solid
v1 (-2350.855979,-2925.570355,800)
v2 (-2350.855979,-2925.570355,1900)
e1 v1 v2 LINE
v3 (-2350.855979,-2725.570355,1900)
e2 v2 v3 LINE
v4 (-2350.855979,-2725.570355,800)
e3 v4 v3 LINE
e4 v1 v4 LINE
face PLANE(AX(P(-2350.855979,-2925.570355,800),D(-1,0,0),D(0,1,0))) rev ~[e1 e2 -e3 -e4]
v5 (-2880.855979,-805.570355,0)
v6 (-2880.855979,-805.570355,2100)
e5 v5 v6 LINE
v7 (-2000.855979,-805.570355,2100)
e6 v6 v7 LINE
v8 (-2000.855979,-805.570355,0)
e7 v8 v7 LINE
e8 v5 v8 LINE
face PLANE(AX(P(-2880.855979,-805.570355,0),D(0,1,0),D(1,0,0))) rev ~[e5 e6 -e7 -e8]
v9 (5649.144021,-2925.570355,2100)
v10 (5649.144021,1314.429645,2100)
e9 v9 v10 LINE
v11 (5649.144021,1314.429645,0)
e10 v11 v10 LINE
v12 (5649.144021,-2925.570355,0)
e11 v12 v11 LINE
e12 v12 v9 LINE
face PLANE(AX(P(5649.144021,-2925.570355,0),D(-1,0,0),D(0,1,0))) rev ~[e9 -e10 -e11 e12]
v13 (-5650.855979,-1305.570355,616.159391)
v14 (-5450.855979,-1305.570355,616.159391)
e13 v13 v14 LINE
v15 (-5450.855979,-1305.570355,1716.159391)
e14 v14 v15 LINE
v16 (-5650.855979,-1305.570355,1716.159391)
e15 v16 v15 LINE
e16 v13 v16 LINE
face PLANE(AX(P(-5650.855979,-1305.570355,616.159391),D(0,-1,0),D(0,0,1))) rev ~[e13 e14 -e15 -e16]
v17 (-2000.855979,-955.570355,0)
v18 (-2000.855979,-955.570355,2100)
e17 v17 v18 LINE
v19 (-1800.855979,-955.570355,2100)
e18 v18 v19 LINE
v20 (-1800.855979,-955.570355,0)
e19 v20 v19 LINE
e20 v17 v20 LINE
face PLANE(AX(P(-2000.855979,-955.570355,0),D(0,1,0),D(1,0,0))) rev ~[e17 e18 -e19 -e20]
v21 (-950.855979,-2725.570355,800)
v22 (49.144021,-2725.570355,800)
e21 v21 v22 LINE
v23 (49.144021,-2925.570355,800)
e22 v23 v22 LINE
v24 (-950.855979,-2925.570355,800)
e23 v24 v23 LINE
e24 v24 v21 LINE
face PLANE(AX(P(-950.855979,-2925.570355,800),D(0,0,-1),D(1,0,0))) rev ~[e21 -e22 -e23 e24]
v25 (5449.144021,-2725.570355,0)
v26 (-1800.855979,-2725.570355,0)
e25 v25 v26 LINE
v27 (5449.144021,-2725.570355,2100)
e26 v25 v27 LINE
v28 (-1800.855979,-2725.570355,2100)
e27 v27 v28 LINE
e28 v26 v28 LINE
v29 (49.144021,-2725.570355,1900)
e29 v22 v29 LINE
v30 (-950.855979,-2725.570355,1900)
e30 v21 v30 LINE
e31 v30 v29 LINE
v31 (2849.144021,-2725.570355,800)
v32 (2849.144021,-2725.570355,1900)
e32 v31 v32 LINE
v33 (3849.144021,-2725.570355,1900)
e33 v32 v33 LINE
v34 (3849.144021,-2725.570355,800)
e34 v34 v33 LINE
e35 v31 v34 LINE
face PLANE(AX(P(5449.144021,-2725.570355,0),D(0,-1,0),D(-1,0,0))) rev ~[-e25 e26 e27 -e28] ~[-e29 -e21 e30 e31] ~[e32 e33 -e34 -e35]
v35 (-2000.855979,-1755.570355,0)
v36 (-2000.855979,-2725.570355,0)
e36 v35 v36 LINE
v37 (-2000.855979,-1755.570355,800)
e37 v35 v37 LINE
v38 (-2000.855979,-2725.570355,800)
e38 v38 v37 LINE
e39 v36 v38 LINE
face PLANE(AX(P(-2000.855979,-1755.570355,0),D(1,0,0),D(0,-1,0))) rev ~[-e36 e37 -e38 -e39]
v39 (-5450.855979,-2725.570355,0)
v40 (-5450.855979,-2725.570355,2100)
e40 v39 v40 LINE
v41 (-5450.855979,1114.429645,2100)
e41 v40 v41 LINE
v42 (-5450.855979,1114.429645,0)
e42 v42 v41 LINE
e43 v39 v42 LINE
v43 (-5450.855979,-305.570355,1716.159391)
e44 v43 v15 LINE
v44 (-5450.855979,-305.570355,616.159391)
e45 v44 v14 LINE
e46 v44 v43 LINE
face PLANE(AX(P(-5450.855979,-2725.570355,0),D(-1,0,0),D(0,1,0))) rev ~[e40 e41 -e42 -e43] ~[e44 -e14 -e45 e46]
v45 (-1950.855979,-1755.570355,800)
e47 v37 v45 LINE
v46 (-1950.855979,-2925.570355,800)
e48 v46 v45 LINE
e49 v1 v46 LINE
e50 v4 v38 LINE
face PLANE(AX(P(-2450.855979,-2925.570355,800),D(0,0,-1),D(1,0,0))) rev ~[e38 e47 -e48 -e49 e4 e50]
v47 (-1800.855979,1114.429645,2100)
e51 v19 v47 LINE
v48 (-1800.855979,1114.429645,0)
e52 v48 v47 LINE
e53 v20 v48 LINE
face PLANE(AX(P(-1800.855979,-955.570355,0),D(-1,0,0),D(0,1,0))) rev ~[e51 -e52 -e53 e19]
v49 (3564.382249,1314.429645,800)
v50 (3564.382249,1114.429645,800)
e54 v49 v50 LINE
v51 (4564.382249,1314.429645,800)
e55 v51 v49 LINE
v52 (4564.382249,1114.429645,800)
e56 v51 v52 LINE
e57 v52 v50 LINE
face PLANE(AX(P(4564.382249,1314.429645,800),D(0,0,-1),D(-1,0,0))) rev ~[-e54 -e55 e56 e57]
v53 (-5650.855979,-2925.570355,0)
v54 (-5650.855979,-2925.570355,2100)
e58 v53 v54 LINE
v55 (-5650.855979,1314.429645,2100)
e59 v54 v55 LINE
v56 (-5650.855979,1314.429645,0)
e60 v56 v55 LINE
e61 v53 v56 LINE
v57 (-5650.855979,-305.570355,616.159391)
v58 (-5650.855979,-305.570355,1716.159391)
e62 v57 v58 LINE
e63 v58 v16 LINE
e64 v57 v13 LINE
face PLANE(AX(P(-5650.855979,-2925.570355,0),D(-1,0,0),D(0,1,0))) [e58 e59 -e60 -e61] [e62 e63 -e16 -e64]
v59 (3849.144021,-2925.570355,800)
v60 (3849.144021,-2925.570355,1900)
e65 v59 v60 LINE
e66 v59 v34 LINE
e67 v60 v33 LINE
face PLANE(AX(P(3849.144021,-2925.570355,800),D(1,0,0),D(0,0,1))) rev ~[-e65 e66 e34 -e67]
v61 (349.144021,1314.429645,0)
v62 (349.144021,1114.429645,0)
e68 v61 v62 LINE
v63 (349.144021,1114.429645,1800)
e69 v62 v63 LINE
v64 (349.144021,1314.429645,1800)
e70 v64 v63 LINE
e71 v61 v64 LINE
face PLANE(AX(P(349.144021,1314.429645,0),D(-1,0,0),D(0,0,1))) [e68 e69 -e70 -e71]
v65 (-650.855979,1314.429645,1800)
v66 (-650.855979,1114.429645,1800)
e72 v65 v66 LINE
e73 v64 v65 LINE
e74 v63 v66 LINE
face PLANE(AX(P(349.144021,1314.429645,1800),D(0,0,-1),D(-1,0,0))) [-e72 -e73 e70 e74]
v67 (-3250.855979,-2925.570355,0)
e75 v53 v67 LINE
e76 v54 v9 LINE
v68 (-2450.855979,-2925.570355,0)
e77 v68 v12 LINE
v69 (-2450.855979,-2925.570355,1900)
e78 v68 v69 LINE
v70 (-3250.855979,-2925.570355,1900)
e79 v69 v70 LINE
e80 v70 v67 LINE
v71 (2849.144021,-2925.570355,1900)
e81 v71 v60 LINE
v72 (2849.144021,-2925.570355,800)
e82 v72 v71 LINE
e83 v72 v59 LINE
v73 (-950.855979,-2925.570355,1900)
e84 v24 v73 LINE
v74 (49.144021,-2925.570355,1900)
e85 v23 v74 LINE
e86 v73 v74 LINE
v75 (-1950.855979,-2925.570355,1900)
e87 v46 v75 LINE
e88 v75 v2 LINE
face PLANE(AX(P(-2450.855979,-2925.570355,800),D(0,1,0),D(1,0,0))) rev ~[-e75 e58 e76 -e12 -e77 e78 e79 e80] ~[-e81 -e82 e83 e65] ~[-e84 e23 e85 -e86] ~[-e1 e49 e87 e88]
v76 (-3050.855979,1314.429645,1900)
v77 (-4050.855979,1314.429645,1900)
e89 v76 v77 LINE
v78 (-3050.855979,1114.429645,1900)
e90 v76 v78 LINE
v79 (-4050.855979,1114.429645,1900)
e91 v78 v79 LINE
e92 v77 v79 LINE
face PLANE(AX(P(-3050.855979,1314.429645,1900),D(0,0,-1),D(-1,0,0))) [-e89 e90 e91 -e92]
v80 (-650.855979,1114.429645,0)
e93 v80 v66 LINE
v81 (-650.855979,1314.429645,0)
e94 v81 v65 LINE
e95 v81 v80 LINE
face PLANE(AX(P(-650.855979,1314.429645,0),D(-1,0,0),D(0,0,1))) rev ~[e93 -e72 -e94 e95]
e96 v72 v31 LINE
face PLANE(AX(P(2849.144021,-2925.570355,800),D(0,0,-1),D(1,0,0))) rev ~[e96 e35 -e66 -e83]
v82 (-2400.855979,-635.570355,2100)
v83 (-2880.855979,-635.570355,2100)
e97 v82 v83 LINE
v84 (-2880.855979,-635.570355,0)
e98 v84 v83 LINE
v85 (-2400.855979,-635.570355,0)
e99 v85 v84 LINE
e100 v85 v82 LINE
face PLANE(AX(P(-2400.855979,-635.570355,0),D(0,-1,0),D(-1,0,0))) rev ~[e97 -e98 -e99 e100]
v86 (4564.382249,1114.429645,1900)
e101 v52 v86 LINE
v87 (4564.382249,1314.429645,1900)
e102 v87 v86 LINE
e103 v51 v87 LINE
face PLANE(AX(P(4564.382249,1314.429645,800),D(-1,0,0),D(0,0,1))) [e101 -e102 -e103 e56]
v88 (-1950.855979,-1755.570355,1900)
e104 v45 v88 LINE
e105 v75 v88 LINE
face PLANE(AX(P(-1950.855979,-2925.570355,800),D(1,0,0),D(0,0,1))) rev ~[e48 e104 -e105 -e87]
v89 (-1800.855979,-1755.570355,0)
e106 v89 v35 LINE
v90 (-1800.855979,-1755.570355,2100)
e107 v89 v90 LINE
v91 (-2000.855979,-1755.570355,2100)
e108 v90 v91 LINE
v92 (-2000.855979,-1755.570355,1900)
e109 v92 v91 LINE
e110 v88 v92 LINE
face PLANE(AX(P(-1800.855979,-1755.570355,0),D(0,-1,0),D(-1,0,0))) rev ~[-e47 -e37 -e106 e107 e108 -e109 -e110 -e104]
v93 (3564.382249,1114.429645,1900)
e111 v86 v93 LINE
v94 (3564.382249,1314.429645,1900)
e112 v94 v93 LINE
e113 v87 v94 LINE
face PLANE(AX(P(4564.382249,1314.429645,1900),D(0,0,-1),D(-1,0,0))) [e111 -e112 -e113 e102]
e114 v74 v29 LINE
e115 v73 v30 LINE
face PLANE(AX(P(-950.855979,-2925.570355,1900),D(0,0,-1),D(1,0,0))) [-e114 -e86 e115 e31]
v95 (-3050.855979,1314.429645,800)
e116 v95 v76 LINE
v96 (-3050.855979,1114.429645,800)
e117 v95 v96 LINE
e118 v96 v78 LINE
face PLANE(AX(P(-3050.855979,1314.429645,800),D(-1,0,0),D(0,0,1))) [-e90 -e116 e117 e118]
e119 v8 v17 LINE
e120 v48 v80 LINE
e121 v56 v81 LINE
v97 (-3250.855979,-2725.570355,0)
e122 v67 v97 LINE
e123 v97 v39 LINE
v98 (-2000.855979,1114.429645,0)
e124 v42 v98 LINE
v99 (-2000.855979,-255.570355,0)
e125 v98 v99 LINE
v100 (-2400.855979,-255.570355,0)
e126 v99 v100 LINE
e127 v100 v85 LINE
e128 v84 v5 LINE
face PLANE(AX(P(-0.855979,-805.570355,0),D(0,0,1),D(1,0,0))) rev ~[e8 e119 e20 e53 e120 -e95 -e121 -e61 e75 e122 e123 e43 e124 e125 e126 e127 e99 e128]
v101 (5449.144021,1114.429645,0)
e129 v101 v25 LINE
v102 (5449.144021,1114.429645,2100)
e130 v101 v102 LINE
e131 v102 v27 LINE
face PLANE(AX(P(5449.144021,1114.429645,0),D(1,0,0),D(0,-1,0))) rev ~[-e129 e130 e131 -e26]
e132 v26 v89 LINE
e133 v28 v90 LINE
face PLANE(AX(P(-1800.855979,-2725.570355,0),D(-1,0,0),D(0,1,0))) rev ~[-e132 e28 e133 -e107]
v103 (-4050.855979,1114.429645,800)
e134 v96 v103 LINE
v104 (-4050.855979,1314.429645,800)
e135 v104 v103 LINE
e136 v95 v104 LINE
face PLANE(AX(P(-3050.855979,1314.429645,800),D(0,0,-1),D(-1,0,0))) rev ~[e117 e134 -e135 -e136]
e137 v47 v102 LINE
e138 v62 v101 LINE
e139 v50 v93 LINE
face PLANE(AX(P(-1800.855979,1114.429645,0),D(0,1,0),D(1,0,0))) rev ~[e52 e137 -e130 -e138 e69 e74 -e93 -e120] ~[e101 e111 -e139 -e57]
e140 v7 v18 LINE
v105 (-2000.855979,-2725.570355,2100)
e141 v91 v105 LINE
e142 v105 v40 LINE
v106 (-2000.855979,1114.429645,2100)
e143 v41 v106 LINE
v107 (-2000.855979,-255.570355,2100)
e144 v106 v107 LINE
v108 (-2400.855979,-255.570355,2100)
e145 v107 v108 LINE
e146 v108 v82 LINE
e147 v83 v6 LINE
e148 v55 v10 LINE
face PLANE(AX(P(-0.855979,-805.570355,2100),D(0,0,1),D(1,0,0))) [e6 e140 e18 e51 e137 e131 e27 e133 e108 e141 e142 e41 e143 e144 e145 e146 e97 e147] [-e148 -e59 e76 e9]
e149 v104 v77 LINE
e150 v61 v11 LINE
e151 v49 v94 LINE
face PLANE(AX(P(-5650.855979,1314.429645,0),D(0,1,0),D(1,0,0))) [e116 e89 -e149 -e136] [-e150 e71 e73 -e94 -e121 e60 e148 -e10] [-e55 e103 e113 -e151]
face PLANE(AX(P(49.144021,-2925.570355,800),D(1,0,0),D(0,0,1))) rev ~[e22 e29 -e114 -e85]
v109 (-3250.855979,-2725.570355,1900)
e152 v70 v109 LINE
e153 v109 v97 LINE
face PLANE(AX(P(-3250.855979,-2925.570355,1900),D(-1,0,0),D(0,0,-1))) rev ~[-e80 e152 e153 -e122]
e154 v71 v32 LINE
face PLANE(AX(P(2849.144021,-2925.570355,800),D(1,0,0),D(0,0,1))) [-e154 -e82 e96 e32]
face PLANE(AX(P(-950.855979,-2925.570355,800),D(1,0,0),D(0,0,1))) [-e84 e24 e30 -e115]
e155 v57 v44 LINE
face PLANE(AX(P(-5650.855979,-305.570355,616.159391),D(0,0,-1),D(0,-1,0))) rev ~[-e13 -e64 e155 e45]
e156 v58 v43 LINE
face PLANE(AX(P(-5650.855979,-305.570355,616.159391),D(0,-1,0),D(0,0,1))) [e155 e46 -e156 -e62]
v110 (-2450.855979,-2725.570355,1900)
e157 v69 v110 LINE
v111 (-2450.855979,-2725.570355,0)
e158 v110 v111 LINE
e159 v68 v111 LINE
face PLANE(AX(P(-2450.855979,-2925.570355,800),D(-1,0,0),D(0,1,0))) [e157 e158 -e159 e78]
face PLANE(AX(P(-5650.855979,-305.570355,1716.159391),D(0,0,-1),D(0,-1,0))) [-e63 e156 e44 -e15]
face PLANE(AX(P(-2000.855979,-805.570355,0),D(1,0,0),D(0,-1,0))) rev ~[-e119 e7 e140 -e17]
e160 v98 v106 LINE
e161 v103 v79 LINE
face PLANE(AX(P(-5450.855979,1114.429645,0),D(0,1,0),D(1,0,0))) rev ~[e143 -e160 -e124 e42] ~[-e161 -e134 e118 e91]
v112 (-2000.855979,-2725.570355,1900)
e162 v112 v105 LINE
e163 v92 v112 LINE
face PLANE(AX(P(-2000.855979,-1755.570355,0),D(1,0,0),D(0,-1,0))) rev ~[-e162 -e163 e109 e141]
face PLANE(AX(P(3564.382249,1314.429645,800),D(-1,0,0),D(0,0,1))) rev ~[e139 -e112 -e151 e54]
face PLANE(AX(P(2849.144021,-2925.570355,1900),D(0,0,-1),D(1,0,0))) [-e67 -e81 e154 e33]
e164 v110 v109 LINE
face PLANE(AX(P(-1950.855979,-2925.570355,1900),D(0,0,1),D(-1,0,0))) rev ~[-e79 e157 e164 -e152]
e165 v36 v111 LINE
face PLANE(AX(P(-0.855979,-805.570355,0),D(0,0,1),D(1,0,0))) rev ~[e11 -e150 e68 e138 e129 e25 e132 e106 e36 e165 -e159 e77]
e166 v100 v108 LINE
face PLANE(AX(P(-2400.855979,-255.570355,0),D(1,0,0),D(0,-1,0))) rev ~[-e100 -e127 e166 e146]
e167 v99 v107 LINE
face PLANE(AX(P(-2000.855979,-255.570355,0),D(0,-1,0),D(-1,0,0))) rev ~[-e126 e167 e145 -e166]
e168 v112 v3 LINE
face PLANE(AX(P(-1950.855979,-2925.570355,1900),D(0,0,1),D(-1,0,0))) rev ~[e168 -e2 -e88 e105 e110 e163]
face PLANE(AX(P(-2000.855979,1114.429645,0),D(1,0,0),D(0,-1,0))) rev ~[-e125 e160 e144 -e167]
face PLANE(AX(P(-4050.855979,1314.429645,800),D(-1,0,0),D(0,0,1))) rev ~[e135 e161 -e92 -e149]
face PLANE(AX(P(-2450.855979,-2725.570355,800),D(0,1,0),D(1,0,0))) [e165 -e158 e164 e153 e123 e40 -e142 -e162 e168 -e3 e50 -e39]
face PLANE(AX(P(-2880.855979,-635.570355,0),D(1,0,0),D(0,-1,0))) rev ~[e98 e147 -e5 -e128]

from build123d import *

# Parameters (mm, degrees)
F0_W     = 11300
F0_H     = 4240
F1_DEPTH = 2100
F2_W     = 1000
F2_H     = 1100
F2_W_2   = 500
F5_DEPTH = 1170.001
F3_W     = 1000
F3_H     = 1100
F6_DEPTH = 200
F4_W     = 1000
F4_H     = 1100
F4_H_2   = 1800
F7_DEPTH = 200
F8_W     = 100
F8_H     = 200
F9_DEPTH = 1100


with BuildPart() as f1:
    # F0 (on Top) → F1 (new body)
    with BuildSketch(Plane.XY):
        with Locations((-0.8559785783, -805.5703551552)):
            Rectangle(F0_W, F0_H)
        Polygon((-2000.8559785783, -2725.5703551552), (-5450.8559785783, -2725.5703551552), (-5450.8559785783, 1114.4296448448), (-2000.8559785783, 1114.4296448448), (-2000.8559785783, -255.5703551552), (-2400.8559785783, -255.5703551552), (-2400.8559785783, -635.5703551552), (-2880.8559785783, -635.5703551552), (-2880.8559785783, -805.5703551552), (-2000.8559785783, -805.5703551552), (-2000.8559785783, -955.5703551552), (-1800.8559785783, -955.5703551552), (-1800.8559785783, 1114.4296448448), (5449.1440214217, 1114.4296448448), (5449.1440214217, -2725.5703551552), (-1800.8559785783, -2725.5703551552), (-1800.8559785783, -1755.5703551552), (-2000.8559785783, -1755.5703551552), align=None, mode=Mode.SUBTRACT)
    extrude(amount=F1_DEPTH)

    # F2 (on face) → F5 (cut, through all)
    with BuildSketch(Plane.XZ.offset(2925.5703551552)):
        with Locations((3349.1440214217, 1350)):
            Rectangle(F2_W, F2_H)
        with Locations((-450.8559785783, 1350)):
            Rectangle(F2_W, F2_H)
        with Locations((-2200.8559785783, 1350)):
            Rectangle(F2_W_2, F2_H)
        Polygon((-2450.8559785783, 800), (-2450.8559785783, 1900), (-3250.8559785783, 1900), (-3250.8559785783, 0), (-2450.8559785783, 0), align=None)
    extrude(amount=-F5_DEPTH, mode=Mode.SUBTRACT)

    # F3 (on face) → F6 (cut, through all)
    with BuildSketch(Plane(origin=(-5650.8559785783, 0, 0), x_dir=(0, -1, 0), z_dir=(-1, 0, 0))):
        with Locations((805.5703551552, 1166.1593914032)):
            Rectangle(F3_W, F3_H)
    extrude(amount=-F6_DEPTH, mode=Mode.SUBTRACT)

    # F4 (on face) → F7 (cut, through all)
    with BuildSketch(Plane(origin=(0, 1314.4296448448, 0), x_dir=(-1, 0, 0), z_dir=(0, 1, 0))):
        with Locations((-4064.3822494507, 1350)):
            Rectangle(F4_W, F4_H)
        with Locations((150.8559785783, 900)):
            Rectangle(F4_W, F4_H_2)
        with Locations((3550.8559785783, 1350)):
            Rectangle(F4_W, F4_H)
    extrude(amount=-F7_DEPTH, mode=Mode.SUBTRACT)

    # F8 (on face) → F9 (join, through all)
    with BuildSketch(Plane.XY.offset(800)):
        with Locations((-2400.8559785783, -2825.5703551552)):
            Rectangle(F8_W, F8_H)
    extrude(amount=F9_DEPTH)


solid = f1.part
